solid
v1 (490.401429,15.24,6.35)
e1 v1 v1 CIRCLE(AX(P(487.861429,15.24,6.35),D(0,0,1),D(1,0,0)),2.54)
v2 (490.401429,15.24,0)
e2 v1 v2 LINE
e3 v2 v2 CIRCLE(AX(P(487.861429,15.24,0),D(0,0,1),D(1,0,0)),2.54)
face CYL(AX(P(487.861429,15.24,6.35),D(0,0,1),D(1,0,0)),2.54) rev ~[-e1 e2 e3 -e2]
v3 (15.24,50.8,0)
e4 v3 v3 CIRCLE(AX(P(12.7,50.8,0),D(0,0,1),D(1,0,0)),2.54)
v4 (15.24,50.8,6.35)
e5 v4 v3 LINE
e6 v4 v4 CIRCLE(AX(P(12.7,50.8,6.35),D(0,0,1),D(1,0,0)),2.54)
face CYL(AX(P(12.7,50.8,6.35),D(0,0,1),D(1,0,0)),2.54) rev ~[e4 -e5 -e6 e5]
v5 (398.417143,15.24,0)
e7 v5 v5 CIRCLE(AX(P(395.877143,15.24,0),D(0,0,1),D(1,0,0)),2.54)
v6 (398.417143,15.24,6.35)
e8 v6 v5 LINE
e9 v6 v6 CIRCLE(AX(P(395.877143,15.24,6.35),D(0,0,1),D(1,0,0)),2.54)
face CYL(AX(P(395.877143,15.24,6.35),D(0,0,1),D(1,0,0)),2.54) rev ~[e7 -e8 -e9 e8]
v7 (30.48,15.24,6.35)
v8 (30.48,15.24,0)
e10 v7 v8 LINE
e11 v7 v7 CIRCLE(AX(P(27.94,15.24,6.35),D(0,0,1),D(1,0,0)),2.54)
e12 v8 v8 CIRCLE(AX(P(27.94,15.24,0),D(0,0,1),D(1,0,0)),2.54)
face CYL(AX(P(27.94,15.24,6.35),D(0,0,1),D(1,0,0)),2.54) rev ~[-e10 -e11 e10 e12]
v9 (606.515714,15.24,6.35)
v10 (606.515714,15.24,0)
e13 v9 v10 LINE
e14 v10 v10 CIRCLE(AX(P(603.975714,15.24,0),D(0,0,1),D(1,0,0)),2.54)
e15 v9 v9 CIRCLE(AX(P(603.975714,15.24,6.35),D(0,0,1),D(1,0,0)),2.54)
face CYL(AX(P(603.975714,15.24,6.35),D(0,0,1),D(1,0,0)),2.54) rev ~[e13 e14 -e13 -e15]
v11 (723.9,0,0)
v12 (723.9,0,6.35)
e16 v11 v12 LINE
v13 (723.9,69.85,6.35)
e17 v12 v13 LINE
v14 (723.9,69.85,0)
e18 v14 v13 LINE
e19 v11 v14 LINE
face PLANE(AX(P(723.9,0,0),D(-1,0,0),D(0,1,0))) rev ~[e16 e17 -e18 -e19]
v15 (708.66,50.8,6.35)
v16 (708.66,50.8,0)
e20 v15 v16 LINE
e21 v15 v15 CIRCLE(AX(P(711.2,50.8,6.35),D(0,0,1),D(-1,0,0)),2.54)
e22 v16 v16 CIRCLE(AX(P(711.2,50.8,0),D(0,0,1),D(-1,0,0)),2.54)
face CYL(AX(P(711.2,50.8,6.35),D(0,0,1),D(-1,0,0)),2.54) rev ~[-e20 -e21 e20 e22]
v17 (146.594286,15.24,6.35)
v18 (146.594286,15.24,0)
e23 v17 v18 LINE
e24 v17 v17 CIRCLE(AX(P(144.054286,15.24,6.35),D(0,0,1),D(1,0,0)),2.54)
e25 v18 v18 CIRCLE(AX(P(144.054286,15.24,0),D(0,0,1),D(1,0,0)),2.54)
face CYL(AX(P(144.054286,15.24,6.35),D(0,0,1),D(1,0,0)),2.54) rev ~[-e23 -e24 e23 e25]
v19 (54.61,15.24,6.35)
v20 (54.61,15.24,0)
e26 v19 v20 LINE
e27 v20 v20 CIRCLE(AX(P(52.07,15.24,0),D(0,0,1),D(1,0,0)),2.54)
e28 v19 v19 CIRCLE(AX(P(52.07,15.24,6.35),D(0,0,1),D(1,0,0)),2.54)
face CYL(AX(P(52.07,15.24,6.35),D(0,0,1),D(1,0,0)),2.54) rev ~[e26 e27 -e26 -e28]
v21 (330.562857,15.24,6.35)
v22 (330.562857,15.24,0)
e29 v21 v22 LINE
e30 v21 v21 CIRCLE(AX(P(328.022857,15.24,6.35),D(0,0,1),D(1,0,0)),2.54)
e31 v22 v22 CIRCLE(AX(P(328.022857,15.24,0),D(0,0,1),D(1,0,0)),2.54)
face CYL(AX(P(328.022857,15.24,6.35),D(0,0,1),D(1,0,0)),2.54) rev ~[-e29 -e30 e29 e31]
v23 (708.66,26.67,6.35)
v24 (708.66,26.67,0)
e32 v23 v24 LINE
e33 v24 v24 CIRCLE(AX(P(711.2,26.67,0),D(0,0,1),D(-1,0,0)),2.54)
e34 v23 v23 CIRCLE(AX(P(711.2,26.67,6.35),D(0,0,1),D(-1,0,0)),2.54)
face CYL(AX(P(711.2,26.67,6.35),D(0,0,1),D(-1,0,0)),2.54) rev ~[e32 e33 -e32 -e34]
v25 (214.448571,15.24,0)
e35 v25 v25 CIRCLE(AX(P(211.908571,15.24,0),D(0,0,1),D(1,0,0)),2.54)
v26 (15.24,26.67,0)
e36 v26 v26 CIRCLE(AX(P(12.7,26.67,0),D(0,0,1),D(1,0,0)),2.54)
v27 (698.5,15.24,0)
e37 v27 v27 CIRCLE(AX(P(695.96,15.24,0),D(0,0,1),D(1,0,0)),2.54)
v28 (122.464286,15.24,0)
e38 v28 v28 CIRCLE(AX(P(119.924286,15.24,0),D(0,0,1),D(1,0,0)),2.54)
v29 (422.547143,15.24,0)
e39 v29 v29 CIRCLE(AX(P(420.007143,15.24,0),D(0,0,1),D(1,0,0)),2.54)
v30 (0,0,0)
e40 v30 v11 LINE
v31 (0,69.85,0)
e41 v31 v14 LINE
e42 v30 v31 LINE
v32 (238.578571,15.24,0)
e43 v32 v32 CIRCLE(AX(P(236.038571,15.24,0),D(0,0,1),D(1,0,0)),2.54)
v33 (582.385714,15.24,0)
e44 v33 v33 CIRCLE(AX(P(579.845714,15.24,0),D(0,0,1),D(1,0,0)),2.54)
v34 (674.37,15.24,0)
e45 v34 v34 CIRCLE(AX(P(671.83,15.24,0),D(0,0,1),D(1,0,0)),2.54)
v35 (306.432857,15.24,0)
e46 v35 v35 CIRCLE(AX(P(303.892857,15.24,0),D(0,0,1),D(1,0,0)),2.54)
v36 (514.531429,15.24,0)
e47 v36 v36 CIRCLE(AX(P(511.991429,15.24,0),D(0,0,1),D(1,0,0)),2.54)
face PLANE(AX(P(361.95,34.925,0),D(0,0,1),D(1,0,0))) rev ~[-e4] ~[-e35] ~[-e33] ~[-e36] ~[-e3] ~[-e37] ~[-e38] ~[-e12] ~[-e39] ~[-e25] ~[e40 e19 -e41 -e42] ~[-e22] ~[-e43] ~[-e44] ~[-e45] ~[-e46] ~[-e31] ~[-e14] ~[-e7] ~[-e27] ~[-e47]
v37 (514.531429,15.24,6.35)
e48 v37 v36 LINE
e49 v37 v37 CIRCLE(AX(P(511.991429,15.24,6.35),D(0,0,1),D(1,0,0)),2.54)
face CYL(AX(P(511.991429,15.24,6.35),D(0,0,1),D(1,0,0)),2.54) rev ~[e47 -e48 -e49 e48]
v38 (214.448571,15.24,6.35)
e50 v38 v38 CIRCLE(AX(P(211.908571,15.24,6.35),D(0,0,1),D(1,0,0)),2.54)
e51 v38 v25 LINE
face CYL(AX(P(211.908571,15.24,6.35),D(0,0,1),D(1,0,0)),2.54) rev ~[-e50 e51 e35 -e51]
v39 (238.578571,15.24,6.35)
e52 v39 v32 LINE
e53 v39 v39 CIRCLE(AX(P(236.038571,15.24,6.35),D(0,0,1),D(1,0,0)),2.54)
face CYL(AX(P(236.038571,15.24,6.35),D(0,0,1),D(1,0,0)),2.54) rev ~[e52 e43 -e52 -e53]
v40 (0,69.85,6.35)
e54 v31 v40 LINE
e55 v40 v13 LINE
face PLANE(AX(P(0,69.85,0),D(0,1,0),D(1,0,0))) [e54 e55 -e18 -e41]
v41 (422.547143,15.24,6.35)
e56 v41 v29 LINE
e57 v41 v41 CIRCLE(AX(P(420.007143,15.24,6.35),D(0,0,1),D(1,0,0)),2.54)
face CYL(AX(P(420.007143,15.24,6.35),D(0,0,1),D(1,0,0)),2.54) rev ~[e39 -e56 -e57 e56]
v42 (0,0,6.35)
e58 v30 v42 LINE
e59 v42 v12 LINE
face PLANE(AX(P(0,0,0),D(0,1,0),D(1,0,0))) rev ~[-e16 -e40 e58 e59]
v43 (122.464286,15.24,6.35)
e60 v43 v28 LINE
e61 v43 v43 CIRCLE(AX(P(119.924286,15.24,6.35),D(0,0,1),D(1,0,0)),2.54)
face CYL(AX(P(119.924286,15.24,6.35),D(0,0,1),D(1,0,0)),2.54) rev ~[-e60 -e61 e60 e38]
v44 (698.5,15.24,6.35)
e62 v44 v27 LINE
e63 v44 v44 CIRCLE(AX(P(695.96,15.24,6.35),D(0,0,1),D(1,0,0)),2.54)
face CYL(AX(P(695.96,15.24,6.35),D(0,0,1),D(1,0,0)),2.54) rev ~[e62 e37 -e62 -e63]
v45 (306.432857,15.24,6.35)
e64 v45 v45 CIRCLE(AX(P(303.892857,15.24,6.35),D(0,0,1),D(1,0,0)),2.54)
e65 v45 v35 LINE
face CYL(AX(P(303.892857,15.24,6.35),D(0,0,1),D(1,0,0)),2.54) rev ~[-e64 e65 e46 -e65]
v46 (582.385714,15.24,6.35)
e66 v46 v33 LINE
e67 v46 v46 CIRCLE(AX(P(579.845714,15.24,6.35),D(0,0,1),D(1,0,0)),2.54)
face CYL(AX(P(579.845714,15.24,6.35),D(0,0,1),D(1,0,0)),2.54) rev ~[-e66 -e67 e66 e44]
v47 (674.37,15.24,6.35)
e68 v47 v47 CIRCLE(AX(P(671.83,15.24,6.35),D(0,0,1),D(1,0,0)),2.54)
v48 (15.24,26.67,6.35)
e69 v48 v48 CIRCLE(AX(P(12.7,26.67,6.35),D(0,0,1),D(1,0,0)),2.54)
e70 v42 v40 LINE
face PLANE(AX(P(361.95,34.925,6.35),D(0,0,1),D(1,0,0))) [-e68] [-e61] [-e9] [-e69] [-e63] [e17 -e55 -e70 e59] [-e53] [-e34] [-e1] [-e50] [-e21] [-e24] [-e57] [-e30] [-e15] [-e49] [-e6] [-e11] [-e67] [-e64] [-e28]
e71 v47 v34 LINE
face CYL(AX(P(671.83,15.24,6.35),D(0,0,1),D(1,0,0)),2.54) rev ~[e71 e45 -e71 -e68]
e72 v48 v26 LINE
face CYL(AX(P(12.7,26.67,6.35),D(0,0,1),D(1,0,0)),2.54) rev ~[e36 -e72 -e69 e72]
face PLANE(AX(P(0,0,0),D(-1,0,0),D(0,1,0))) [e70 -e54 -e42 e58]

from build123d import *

# Parameters (mm, degrees)
SKETCH1_W           = 723.9
SKETCH1_H           = 69.85
BOSS_EXTRUDE1_DEPTH = 6.35
SKETCH2_R           = 2.54
CUT_EXTRUDE1_DEPTH  = 6.35
SKETCH3_R           = 2.54
CUT_EXTRUDE2_DEPTH  = 6.35
LPATTERN2_COUNT     = 8
LPATTERN2_PITCH     = 91.984285714


with BuildPart() as part:
    # Sketch1 → Boss-Extrude1 (new body)
    with BuildSketch(Plane.XY):
        with Locations((361.95, 34.925)):
            Rectangle(SKETCH1_W, SKETCH1_H)
    extrude(amount=BOSS_EXTRUDE1_DEPTH)

    # Sketch2 → Cut-Extrude1 (cut)
    with BuildSketch(Plane.XY.offset(6.35)):
        with Locations((27.94, 15.24)):
            Circle(SKETCH2_R)
        with Locations((52.07, 15.24)):
            Circle(SKETCH2_R)
    cut_extrude1 = extrude(amount=-CUT_EXTRUDE1_DEPTH, mode=Mode.SUBTRACT)

    # Sketch3 → Cut-Extrude2 (cut)
    with BuildSketch(Plane.XY.offset(6.35)):
        with Locations((12.7, 26.67)):
            Circle(SKETCH3_R)
        with Locations((12.7, 50.8)):
            Circle(SKETCH3_R)
        with Locations(Location((711.2, 26.67, 0), (0, 0, 180))):
            Circle(SKETCH3_R)
        with Locations(Location((711.2, 50.8, 0), (0, 0, 180))):
            Circle(SKETCH3_R)
    extrude(amount=-CUT_EXTRUDE2_DEPTH, mode=Mode.SUBTRACT)

    # LPattern2: Cut-Extrude1 ×8
    with Locations(*[(i * LPATTERN2_PITCH, 0, 0) for i in range(1, LPATTERN2_COUNT)]):
        add(cut_extrude1, mode=Mode.SUBTRACT)


solid = part.part
